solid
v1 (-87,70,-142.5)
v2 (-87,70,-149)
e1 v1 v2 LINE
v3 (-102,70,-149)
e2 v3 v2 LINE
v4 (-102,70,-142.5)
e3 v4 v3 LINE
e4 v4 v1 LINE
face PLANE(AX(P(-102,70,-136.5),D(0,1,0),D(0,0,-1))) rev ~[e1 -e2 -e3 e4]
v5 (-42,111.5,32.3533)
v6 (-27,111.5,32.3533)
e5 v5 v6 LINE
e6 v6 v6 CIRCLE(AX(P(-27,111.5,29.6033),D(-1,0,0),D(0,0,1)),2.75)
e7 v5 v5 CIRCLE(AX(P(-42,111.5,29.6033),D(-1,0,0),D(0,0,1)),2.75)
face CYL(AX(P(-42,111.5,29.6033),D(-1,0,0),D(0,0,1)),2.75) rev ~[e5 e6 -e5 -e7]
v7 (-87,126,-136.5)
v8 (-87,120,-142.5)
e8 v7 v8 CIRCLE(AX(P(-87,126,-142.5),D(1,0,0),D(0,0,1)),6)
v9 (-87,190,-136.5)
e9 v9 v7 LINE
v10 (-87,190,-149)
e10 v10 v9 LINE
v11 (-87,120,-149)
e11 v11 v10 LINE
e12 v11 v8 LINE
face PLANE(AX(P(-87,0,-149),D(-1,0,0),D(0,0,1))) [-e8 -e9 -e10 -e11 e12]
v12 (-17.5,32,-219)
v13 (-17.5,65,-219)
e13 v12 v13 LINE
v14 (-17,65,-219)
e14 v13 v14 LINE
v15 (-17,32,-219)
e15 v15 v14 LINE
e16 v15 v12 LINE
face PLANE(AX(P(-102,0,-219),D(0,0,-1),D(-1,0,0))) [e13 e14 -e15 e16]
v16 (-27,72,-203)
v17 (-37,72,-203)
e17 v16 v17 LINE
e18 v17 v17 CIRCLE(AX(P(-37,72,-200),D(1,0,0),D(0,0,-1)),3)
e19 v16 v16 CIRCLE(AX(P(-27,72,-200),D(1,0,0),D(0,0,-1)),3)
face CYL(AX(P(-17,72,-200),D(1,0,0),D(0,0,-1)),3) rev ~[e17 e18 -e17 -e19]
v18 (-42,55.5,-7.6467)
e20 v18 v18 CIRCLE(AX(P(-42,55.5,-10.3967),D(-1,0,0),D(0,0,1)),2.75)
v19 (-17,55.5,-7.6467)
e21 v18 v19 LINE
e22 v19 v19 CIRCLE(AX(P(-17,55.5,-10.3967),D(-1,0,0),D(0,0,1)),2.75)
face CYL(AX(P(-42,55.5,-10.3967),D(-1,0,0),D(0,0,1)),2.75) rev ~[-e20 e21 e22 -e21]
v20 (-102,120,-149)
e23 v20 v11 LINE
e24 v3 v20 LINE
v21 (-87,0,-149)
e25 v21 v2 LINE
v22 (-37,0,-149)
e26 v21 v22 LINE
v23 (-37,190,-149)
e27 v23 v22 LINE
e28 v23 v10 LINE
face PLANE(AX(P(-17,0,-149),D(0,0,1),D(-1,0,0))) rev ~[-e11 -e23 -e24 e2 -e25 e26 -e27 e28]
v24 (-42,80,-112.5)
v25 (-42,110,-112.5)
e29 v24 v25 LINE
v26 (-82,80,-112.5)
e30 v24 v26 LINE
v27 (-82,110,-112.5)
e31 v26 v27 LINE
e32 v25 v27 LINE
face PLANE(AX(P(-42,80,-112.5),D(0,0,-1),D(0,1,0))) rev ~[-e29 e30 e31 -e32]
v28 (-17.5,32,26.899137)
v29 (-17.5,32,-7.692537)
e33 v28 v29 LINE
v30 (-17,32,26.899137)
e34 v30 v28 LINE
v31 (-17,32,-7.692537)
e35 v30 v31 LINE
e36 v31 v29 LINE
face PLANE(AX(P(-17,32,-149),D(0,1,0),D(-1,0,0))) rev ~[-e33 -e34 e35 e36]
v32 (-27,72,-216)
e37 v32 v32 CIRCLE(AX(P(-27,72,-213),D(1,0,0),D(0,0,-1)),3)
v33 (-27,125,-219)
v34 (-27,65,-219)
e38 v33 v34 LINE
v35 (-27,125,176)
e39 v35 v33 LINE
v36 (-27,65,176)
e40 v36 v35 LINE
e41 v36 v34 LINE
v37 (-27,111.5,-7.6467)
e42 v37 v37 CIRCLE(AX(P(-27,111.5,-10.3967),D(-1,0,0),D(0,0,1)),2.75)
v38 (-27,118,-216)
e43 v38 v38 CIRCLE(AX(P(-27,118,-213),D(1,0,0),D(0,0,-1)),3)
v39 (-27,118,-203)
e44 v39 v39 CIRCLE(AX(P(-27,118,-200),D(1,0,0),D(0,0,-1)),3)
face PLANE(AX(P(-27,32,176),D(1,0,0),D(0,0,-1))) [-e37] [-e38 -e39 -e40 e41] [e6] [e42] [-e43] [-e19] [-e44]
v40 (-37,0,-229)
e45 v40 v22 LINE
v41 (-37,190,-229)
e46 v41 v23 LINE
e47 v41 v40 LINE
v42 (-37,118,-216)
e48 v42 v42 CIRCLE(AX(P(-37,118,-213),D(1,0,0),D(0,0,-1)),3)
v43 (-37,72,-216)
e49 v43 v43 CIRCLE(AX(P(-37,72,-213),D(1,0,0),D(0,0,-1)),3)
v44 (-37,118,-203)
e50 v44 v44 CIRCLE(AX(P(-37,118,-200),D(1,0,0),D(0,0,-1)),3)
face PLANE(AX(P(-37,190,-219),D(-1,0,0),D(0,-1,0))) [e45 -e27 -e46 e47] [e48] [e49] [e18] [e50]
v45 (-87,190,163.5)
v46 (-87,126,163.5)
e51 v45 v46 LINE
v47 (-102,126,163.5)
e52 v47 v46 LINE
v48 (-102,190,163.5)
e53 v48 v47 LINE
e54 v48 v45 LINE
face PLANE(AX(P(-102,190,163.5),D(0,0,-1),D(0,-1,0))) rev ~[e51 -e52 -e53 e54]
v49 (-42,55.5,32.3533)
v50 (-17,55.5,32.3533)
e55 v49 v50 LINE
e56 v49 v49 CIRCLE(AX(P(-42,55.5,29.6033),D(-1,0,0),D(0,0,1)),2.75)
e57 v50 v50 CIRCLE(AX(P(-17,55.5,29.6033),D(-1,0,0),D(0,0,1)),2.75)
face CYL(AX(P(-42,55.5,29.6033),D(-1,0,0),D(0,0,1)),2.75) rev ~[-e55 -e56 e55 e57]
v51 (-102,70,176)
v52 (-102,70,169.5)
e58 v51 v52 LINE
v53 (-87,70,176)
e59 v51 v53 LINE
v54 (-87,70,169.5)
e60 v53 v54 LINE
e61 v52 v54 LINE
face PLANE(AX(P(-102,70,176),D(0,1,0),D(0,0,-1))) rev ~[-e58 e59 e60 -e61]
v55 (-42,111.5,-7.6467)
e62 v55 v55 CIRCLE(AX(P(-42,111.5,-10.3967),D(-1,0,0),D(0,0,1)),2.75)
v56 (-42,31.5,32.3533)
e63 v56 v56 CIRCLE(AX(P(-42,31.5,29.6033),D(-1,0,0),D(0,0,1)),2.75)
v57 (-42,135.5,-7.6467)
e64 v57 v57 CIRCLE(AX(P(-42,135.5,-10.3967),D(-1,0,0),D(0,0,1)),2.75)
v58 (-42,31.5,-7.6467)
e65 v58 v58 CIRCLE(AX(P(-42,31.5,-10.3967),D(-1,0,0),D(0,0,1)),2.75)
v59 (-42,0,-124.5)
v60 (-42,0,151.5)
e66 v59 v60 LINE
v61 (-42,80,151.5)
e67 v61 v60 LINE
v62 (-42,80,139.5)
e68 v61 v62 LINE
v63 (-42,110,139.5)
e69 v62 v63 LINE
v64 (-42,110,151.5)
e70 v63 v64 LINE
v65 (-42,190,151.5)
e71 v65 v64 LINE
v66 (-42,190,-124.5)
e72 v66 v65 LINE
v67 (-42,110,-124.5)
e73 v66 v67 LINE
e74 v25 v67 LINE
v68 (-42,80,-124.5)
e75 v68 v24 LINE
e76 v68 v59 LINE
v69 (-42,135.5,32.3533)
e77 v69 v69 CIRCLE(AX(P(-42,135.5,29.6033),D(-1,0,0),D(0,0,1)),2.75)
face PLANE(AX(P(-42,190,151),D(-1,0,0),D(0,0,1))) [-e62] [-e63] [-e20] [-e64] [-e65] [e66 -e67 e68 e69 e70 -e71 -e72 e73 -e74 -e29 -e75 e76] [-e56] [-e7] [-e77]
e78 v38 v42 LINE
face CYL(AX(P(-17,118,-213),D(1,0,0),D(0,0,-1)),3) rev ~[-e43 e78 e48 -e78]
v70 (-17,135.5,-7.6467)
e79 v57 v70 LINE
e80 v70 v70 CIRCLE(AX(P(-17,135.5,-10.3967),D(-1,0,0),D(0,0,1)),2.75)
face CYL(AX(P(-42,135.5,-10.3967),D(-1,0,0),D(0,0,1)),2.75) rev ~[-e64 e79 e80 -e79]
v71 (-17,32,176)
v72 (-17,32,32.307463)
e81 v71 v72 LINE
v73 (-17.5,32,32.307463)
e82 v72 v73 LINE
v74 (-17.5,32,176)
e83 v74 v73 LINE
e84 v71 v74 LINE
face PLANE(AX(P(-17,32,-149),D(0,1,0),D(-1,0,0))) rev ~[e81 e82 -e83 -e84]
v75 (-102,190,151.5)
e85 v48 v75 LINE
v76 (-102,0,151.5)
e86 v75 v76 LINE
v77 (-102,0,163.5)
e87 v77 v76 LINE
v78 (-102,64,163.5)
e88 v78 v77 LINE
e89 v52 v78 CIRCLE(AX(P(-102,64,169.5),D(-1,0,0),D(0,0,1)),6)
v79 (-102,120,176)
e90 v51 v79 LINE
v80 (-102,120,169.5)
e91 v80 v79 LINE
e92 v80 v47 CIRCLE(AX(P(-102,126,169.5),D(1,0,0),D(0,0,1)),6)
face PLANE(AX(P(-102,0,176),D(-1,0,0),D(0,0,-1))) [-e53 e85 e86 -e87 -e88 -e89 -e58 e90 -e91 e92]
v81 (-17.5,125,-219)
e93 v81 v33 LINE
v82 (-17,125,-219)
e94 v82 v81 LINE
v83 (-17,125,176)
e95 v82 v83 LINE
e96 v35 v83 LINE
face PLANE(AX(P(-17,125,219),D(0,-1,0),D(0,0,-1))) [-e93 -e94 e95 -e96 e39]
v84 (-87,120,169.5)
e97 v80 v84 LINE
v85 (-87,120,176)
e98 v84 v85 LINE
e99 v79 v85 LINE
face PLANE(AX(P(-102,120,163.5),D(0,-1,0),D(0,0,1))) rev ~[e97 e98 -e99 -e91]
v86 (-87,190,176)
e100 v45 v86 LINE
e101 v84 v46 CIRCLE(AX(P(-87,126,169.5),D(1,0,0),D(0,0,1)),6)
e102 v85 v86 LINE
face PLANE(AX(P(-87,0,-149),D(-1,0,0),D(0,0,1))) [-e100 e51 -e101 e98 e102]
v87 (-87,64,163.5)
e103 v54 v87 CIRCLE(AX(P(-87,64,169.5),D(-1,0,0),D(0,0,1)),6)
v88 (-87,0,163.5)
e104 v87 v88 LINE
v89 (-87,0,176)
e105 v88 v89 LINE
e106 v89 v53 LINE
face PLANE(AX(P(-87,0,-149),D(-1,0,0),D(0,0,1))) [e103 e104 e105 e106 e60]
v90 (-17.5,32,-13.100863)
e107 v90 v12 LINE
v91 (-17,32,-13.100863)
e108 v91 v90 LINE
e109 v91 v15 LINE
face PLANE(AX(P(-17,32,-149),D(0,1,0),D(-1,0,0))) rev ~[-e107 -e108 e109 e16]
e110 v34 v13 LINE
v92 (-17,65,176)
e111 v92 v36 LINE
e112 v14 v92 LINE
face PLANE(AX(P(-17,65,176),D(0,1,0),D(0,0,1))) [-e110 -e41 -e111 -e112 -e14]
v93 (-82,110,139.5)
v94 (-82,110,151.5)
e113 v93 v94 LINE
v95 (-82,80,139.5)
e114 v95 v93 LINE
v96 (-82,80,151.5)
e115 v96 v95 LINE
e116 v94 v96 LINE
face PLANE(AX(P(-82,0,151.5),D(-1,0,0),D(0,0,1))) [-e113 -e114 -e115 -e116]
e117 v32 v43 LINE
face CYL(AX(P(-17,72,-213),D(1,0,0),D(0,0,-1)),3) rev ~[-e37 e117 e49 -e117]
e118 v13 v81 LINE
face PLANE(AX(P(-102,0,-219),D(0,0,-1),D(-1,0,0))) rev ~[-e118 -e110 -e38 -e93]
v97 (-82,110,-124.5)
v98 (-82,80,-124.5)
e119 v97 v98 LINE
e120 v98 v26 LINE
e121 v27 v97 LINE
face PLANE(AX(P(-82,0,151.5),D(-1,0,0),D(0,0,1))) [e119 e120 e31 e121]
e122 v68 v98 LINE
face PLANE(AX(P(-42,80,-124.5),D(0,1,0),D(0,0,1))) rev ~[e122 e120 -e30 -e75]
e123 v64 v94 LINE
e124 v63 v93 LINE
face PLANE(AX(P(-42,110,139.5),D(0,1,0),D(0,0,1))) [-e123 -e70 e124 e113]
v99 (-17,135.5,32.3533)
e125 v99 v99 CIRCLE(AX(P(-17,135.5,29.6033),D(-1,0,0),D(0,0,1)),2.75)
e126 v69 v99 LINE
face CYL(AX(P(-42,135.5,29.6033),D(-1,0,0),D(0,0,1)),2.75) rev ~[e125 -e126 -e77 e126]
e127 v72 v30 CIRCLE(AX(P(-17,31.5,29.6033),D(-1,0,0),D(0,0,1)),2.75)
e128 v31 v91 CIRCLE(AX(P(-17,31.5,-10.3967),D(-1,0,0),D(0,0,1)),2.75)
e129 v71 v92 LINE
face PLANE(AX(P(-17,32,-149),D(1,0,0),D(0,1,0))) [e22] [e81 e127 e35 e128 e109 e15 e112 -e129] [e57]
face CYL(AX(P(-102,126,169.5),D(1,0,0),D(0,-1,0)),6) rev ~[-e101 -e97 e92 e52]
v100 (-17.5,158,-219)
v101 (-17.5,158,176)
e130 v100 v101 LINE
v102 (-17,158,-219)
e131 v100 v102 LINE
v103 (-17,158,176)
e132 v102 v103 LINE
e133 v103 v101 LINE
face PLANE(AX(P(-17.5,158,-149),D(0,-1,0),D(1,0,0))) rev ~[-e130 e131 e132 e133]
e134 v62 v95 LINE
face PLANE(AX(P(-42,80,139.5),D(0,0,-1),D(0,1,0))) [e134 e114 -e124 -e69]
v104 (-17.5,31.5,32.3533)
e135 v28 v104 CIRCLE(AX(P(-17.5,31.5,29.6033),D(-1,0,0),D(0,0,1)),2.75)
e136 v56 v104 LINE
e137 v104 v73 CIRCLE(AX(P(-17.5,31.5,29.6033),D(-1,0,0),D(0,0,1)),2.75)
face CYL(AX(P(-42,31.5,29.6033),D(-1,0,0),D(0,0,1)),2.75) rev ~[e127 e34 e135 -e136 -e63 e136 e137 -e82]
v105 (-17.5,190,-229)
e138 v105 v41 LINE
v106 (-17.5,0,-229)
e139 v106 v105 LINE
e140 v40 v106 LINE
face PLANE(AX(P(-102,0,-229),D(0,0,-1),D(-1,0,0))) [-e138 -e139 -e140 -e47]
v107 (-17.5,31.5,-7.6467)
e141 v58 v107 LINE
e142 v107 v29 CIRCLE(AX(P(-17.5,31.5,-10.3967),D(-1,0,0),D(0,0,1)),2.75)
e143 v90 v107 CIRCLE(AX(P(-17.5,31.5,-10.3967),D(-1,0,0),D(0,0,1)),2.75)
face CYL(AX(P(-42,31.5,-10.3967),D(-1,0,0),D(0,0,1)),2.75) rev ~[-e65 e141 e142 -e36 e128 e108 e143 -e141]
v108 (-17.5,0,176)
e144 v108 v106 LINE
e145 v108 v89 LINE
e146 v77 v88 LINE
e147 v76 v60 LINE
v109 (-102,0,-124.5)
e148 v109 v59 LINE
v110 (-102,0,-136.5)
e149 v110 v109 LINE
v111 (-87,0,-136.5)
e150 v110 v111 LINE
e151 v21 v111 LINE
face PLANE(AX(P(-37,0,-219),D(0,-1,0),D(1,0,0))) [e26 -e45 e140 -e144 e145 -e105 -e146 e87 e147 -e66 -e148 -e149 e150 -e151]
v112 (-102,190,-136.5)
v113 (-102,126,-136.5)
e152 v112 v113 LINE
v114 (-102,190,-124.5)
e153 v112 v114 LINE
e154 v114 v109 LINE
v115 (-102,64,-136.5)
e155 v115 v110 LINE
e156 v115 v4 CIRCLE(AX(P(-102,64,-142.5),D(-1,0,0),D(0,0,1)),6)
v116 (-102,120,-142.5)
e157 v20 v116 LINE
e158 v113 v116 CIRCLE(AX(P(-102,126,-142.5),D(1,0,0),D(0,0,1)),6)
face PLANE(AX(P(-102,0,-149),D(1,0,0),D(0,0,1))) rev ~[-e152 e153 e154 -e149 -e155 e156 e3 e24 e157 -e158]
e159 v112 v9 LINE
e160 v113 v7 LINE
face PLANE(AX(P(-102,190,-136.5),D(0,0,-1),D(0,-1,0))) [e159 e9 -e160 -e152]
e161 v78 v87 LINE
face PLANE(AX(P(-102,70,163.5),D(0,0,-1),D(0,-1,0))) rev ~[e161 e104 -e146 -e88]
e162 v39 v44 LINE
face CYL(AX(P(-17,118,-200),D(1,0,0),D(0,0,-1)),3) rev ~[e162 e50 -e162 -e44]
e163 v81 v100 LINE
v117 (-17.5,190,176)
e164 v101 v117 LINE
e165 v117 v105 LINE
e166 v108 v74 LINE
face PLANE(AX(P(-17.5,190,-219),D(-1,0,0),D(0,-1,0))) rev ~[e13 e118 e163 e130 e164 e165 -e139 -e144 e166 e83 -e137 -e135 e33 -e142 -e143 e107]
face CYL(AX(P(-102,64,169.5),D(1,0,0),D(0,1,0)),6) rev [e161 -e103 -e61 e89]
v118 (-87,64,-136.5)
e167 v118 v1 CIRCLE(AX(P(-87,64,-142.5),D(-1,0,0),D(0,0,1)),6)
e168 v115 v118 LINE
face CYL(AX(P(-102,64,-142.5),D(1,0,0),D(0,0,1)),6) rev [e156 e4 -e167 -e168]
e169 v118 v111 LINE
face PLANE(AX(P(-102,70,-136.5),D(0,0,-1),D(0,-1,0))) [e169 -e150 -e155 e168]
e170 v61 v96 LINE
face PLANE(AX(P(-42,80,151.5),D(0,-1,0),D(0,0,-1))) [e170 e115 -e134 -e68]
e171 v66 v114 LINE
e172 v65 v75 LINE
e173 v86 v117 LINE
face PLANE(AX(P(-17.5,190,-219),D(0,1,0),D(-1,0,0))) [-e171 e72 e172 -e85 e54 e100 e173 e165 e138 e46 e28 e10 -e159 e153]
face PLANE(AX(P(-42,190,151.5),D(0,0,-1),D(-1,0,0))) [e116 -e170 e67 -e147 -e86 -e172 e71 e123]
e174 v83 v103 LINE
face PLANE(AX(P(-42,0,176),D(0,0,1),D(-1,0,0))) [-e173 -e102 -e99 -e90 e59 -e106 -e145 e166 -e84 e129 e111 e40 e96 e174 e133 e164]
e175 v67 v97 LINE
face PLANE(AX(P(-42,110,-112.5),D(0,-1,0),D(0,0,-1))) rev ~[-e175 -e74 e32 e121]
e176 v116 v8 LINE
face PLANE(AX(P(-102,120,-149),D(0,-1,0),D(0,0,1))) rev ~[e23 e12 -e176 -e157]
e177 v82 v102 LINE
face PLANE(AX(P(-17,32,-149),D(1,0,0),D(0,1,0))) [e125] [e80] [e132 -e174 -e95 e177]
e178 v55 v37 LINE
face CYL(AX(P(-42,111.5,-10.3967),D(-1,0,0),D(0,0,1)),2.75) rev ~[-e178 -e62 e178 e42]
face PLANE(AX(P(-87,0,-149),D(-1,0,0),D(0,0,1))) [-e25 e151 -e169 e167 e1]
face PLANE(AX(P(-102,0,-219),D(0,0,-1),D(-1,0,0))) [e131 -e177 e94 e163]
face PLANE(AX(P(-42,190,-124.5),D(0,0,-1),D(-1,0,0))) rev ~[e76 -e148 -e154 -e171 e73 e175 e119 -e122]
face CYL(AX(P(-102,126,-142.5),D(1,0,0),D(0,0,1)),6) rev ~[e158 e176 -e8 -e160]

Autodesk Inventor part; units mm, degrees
ref_plane "YZ Plane" through (0, 0, 0) normal (1, 0, 0) x (0, 1, 0)
ref_plane "XZ Plane" through (0, 0, 0) normal (0, 1, 0) x (-1, 0, 0)
ref_plane "XY Plane" through (0, 0, 0) normal (0, 0, 1) x (1, 0, 0)
sketch "Эскиз1" plane through (0, 0, 0) normal (0, 1, 0) x (-1, 0, 0)
  line L0 (102, 151) -> (42, 151)
  line L1 (42, -149) -> (102, -149)
  line L2 (102, -149) -> (102, 151)
  line L3 (102, 151) -> (42, 151)
  line L4 (42, 151) -> (42, 176)
  line L5 (42, 176) -> (102, 176)
  line L6 (102, 176) -> (102, 151)
  line L7 (102, -149) -> (42, -149)
  line L8 (42, -149) -> (42, -124)
  line L9 (42, -124) -> (102, -124)
  line L10 (102, -124) -> (102, -149)
  line L11 (42, 176) -> (42, -124)
  line L12 (42, 176) -> (17, 176)
  line L13 (17, 176) -> (17, -149)
  line L14 (17, -149) -> (42, -149)
  line L15 (42, -149) -> (42, 176)
  point P0 (0, 0)
  point P1 (42, 151)
  dimension "d0" = 300
  dimension "d1" = 60
  dimension "d2" = 25
  dimension "d3" = 25
  dimension "d5" = 25
  dimension "d33" = 25
extrude "Выдавливание1" add sketch "Эскиз1" along normal blind 190 contours L0 L4 L5 L6 | L11 L8 L14 L13 L12 L4 | L2 L1 L8 L9
sketch "Эскиз2" plane through (-17, 0, 176) normal (1, 0, 0) x (0, 0, -1)
  line L0 (0, 0) -> (325, 0) projected
  line L1 (325, 0) -> (325, 190) projected
  line L2 (0, 190) -> (325, 190) projected
  line L3 (0, 0) -> (0, 190) projected
  line L4 (-98, 158) -> (488, 158)
  line L5 (488, 158) -> (488, 32)
  line L6 (488, 32) -> (-98, 32)
  line L7 (-98, 32) -> (-98, 158)
  point P0 (176, 0)
  point P1 (325, 32)
  point P2 (0, 32)
  point P3 (0, 158)
  point P4 (325, 158)
  dimension "d8" = 32
  dimension "d9" = 32
extrude "Выдавливание2" cut sketch "Эскиз2" against normal blind 0.5 contours L3 L6 L1 L0 | L3 L2 L1 L4
sketch "Эскиз4" plane through (-102, 0, -149) normal (0, 0, -1) x (-1, 0, 0)
  line L0 (-85, 32) -> (-84.5, 32) projected
  line L1 (-84.5, 32) -> (-84.5, 0) projected
  line L2 (-84.5, 0) -> (0, 0) projected
  line L3 (0, 0) -> (0, 190) projected
  line L4 (-84.5, 190) -> (0, 190) projected
  line L5 (-84.5, 190) -> (-84.5, 158) projected
  line L6 (-84.5, 158) -> (-85, 158) projected
  line L7 (-85, 32) -> (-85, 158) projected
  line L8 (-92, 195) -> (-65, 195)
  line L9 (-65, 195) -> (-65, -10)
  line L10 (-65, -10) -> (-92, -10)
  line L11 (-92, -10) -> (-92, 195)
  point P0 (-102, 0)
  point P1 (-65, 0)
  point P2 (-65, 190)
  dimension "d12" = 20
extrude "Выдавливание3" add sketch "Эскиз4" along normal blind 70 contours L7 L6 L5 L4 L9 L2 L1 L0
sketch "Эскиз5" plane through (-17, 32, 176) normal (1, 0, 0) x (0, 0, -1)
  line L0 (0, 0) -> (395, 0) projected
  line L1 (395, 126) -> (395, 0) projected
  line L2 (0, 126) -> (395, 126) projected
  line L3 (0, 0) -> (0, 126) projected
  line L4 (-43, 93) -> (474, 93)
  line L5 (474, 93) -> (474, 33)
  line L6 (474, 33) -> (-43, 33)
  line L7 (-43, 33) -> (-43, 93)
  point P0 (176, -32)
  dimension "d15" = 33
  dimension "d16" = 33
extrude "Выдавливание4" cut sketch "Эскиз5" against normal blind 10 contours L6 L7 L4 L3 | L3 L4 L1 L6 | L1 L4 L5 L6
sketch "Эскиз6" plane through (-102, 0, -149) normal (-1, 0, 0) x (0, 0, 1)
  line L0 (0, 0) -> (25, 0) projected
  line L1 (25, 0) -> (25, 190) projected
  line L2 (0, 190) -> (25, 190) projected
  line L3 (0, 0) -> (0, 190) projected
  line L4 (300, 0) -> (325, 0) projected
  line L5 (325, 0) -> (325, 190) projected
  line L6 (300, 190) -> (325, 190) projected
  line L7 (300, 0) -> (300, 190) projected
  line L8 (325, 190) -> (-70, 190) projected
  line L9 (300, 0) -> (325, 0) projected
  line L10 (325, 190) -> (312.5, 190)
  line L11 (312.5, 190) -> (312.5, 0)
  line L12 (312.5, 0) -> (325, 0)
  line L13 (325, 0) -> (325, 190)
  line L14 (0, 190) -> (25, 190) projected
  line L15 (0, 0) -> (25, 0) projected
  line L16 (0, 190) -> (12.5, 190)
  line L17 (12.5, 190) -> (12.5, 0)
  line L18 (12.5, 0) -> (0, 0)
  line L19 (0, 0) -> (0, 190)
  line L20 (347, 70) -> (-28, 70)
  line L21 (-28, 70) -> (-28, 120)
  line L22 (-28, 120) -> (347, 120)
  line L23 (347, 120) -> (347, 70)
  point P0 (149, 0)
  point P1 (12.5, 0)
  point P2 (12.5, 190)
  point P3 (12.5, 70)
  point P4 (0, 70)
  point P5 (0, 120)
  point P6 (12.5, 120)
  point P7 (325, 70)
  point P8 (312.5, 70)
  point P9 (312.5, 120)
  point P10 (325, 120)
  dimension "d21" = 70
  dimension "d22" = 70
extrude "Выдавливание5" cut sketch "Эскиз6" against normal blind 15 contours L3 L20 L17 L0 | L3 L2 L17 L22 | L20 L5 L4 L11 | L11 L6 L5 L22
fillet "Сопряжение1" radius 6 4 edges at (-94.5, 70, -136.5) (-94.5, 120, -136.5) (-94.5, 120, 163.5) (-94.5, 70, 163.5)
sketch "Эскиз8" plane through (-17, 158, 176) normal (1, 0, 0) x (0, 0, -1)
  line L0 (376, -40) -> (389, -40)
  line L1 (389, -40) -> (389, -86)
  line L2 (389, -86) -> (376, -86)
  line L3 (376, -86) -> (376, -40)
  line L4 (395, -33) -> (395, -93) projected
  circle A0 centre (389, -40) radius 3
  circle A1 centre (389, -86) radius 3
  circle A2 centre (376, -40) radius 3
  circle A3 centre (376, -86) radius 3
  point P0 (176, -158)
  dimension "d24" = 6
  dimension "d25" = 46
  dimension "d26" = 13
extrude "Выдавливание6" cut sketch "Эскиз8" against normal blind 100 contours L3 A2 L0 | L0 A2 L3 | A0 L1 L0 | L0 L1 A0 | A3 L2 L3 | L3 L2 A3 | A1 L2 L1 | L1 L2 A1
sketch "Эскиз9" plane through (-102, 0, -219) normal (0, 0, -1) x (-1, 0, 0)
  line L0 (-84.5, 190) -> (-84.5, 158) projected
  line L1 (-65, 0) -> (-15, 0) projected
  line L2 (-84.5, 190) -> (-65, 190)
  line L3 (-65, 190) -> (-65, 0)
  line L4 (-65, 0) -> (-84.5, 0)
  line L5 (-84.5, 0) -> (-84.5, 190)
  point P0 (-102, 0)
  point P1 (-84.5, 158)
extrude "Выдавливание7" add sketch "Эскиз9" along normal blind 10
sketch "Эскиз10" plane through (-42, 0, -124) normal (-1, 0, 0) x (0, 0, 1)
  line L0 (159.1033, 24) -> (108.1033, 24)
  line L1 (159.1033, 63) -> (159.1033, 24)
  line L2 (108.1033, 63) -> (159.1033, 63)
  line L3 (108.1033, 24) -> (108.1033, 63)
  circle A0 centre (153.6033, 31.5) radius 2.75
  circle A1 centre (113.6033, 31.5) radius 2.75
  circle A2 centre (113.6033, 55.5) radius 2.75
  circle A3 centre (153.6033, 55.5) radius 2.75
  line L4 (158.6033, 104) -> (159.6033, 104)
  line L5 (159.1033, 104) -> (159.1033, 63)
  line L6 (159.1033, 104) -> (108.1033, 104)
  line L7 (159.1033, 143) -> (159.1033, 104)
  line L8 (108.1033, 143) -> (159.1033, 143)
  line L9 (108.1033, 104) -> (108.1033, 143)
  circle A4 centre (153.6033, 111.5) radius 2.75
  circle A5 centre (113.6033, 111.5) radius 2.75
  circle A6 centre (113.6033, 135.5) radius 2.75
  circle A7 centre (153.6033, 135.5) radius 2.75
  line L10 (275, 0) -> (275, 190) projected
  line L11 (275, 26) -> (165, 26)
  line L12 (165, 26) -> (165, 46)
  line L13 (165, 46) -> (275, 46)
  line L14 (275, 46) -> (275, 26)
  line L15 (165, 26) -> (163, 26)
  line L16 (164.1033, 26) -> (164.1033, 24)
  point P0 (124, 0)
  point P1 (133.6033, 23.5)
  point P2 (133.6033, 103.5)
extrude "Выдавливание8" cut sketch "Эскиз10" against normal blind 33 contours A0 | A1 | A2 | A3 | A4 | A5 | A6 | A7
sketch "Sketch11" plane through (0, 190, 0) normal (0, 1, 0) x (1, 0, 0)
  line L0 (-42, -151) -> (-102, -151) projected
  line L1 (-102, -151) -> (-42, -151)
  line L2 (-42, -151) -> (-42, -151.5)
  line L3 (-42, -151.5) -> (-102, -151.5)
  line L4 (-102, -151.5) -> (-102, -151)
  line L5 (-102, 124) -> (-42, 124)
  line L6 (-42, 124) -> (-42, 124.5)
  line L7 (-42, 124.5) -> (-102, 124.5)
  line L8 (-102, 124.5) -> (-102, 124)
  line L9 (-17.5, -176) -> (-17.5, 229) projected
  point P0 (0, 0)
  dimension "d34" = 24.5
  dimension "d35" = 24.5
  dimension "d36" = 0.5
  dimension "d37" = 0.5
extrude "Extrusion9" cut sketch "Sketch11" against normal blind 200
sketch "Sketch12" plane through (-42, 0, 151.5) normal (-1, 0, 0) x (0, 0, 1)
  line L0 (-276, 190) -> (-276, 0) projected
  line L1 (-276, 80) -> (-264, 80)
  line L2 (-264, 80) -> (-264, 110)
  line L3 (-264, 110) -> (-276, 110)
  line L4 (-276, 110) -> (-276, 80)
  line L5 (0, 190) -> (0, 0) projected
  line L6 (0, 80) -> (-12, 80)
  line L7 (-12, 80) -> (-12, 110)
  line L8 (-12, 110) -> (0, 110)
  line L9 (0, 110) -> (0, 80)
  line L10 (-276, 190) -> (0, 190) projected
  line L11 (0, 0) -> (-276, 0) projected
  point P0 (-151.5, 0)
  point P1 (0, 110)
  dimension "d40" = 80
  dimension "d41" = 80
  dimension "d42" = 80
  dimension "d43" = 80
  dimension "d46" = 12
  dimension "d47" = 12
extrude "Extrusion10" add sketch "Sketch12" along normal blind 40 contours L3 L2 L1 L0 | L5 L6 L7 L8
properties part number "KaretkaY"
